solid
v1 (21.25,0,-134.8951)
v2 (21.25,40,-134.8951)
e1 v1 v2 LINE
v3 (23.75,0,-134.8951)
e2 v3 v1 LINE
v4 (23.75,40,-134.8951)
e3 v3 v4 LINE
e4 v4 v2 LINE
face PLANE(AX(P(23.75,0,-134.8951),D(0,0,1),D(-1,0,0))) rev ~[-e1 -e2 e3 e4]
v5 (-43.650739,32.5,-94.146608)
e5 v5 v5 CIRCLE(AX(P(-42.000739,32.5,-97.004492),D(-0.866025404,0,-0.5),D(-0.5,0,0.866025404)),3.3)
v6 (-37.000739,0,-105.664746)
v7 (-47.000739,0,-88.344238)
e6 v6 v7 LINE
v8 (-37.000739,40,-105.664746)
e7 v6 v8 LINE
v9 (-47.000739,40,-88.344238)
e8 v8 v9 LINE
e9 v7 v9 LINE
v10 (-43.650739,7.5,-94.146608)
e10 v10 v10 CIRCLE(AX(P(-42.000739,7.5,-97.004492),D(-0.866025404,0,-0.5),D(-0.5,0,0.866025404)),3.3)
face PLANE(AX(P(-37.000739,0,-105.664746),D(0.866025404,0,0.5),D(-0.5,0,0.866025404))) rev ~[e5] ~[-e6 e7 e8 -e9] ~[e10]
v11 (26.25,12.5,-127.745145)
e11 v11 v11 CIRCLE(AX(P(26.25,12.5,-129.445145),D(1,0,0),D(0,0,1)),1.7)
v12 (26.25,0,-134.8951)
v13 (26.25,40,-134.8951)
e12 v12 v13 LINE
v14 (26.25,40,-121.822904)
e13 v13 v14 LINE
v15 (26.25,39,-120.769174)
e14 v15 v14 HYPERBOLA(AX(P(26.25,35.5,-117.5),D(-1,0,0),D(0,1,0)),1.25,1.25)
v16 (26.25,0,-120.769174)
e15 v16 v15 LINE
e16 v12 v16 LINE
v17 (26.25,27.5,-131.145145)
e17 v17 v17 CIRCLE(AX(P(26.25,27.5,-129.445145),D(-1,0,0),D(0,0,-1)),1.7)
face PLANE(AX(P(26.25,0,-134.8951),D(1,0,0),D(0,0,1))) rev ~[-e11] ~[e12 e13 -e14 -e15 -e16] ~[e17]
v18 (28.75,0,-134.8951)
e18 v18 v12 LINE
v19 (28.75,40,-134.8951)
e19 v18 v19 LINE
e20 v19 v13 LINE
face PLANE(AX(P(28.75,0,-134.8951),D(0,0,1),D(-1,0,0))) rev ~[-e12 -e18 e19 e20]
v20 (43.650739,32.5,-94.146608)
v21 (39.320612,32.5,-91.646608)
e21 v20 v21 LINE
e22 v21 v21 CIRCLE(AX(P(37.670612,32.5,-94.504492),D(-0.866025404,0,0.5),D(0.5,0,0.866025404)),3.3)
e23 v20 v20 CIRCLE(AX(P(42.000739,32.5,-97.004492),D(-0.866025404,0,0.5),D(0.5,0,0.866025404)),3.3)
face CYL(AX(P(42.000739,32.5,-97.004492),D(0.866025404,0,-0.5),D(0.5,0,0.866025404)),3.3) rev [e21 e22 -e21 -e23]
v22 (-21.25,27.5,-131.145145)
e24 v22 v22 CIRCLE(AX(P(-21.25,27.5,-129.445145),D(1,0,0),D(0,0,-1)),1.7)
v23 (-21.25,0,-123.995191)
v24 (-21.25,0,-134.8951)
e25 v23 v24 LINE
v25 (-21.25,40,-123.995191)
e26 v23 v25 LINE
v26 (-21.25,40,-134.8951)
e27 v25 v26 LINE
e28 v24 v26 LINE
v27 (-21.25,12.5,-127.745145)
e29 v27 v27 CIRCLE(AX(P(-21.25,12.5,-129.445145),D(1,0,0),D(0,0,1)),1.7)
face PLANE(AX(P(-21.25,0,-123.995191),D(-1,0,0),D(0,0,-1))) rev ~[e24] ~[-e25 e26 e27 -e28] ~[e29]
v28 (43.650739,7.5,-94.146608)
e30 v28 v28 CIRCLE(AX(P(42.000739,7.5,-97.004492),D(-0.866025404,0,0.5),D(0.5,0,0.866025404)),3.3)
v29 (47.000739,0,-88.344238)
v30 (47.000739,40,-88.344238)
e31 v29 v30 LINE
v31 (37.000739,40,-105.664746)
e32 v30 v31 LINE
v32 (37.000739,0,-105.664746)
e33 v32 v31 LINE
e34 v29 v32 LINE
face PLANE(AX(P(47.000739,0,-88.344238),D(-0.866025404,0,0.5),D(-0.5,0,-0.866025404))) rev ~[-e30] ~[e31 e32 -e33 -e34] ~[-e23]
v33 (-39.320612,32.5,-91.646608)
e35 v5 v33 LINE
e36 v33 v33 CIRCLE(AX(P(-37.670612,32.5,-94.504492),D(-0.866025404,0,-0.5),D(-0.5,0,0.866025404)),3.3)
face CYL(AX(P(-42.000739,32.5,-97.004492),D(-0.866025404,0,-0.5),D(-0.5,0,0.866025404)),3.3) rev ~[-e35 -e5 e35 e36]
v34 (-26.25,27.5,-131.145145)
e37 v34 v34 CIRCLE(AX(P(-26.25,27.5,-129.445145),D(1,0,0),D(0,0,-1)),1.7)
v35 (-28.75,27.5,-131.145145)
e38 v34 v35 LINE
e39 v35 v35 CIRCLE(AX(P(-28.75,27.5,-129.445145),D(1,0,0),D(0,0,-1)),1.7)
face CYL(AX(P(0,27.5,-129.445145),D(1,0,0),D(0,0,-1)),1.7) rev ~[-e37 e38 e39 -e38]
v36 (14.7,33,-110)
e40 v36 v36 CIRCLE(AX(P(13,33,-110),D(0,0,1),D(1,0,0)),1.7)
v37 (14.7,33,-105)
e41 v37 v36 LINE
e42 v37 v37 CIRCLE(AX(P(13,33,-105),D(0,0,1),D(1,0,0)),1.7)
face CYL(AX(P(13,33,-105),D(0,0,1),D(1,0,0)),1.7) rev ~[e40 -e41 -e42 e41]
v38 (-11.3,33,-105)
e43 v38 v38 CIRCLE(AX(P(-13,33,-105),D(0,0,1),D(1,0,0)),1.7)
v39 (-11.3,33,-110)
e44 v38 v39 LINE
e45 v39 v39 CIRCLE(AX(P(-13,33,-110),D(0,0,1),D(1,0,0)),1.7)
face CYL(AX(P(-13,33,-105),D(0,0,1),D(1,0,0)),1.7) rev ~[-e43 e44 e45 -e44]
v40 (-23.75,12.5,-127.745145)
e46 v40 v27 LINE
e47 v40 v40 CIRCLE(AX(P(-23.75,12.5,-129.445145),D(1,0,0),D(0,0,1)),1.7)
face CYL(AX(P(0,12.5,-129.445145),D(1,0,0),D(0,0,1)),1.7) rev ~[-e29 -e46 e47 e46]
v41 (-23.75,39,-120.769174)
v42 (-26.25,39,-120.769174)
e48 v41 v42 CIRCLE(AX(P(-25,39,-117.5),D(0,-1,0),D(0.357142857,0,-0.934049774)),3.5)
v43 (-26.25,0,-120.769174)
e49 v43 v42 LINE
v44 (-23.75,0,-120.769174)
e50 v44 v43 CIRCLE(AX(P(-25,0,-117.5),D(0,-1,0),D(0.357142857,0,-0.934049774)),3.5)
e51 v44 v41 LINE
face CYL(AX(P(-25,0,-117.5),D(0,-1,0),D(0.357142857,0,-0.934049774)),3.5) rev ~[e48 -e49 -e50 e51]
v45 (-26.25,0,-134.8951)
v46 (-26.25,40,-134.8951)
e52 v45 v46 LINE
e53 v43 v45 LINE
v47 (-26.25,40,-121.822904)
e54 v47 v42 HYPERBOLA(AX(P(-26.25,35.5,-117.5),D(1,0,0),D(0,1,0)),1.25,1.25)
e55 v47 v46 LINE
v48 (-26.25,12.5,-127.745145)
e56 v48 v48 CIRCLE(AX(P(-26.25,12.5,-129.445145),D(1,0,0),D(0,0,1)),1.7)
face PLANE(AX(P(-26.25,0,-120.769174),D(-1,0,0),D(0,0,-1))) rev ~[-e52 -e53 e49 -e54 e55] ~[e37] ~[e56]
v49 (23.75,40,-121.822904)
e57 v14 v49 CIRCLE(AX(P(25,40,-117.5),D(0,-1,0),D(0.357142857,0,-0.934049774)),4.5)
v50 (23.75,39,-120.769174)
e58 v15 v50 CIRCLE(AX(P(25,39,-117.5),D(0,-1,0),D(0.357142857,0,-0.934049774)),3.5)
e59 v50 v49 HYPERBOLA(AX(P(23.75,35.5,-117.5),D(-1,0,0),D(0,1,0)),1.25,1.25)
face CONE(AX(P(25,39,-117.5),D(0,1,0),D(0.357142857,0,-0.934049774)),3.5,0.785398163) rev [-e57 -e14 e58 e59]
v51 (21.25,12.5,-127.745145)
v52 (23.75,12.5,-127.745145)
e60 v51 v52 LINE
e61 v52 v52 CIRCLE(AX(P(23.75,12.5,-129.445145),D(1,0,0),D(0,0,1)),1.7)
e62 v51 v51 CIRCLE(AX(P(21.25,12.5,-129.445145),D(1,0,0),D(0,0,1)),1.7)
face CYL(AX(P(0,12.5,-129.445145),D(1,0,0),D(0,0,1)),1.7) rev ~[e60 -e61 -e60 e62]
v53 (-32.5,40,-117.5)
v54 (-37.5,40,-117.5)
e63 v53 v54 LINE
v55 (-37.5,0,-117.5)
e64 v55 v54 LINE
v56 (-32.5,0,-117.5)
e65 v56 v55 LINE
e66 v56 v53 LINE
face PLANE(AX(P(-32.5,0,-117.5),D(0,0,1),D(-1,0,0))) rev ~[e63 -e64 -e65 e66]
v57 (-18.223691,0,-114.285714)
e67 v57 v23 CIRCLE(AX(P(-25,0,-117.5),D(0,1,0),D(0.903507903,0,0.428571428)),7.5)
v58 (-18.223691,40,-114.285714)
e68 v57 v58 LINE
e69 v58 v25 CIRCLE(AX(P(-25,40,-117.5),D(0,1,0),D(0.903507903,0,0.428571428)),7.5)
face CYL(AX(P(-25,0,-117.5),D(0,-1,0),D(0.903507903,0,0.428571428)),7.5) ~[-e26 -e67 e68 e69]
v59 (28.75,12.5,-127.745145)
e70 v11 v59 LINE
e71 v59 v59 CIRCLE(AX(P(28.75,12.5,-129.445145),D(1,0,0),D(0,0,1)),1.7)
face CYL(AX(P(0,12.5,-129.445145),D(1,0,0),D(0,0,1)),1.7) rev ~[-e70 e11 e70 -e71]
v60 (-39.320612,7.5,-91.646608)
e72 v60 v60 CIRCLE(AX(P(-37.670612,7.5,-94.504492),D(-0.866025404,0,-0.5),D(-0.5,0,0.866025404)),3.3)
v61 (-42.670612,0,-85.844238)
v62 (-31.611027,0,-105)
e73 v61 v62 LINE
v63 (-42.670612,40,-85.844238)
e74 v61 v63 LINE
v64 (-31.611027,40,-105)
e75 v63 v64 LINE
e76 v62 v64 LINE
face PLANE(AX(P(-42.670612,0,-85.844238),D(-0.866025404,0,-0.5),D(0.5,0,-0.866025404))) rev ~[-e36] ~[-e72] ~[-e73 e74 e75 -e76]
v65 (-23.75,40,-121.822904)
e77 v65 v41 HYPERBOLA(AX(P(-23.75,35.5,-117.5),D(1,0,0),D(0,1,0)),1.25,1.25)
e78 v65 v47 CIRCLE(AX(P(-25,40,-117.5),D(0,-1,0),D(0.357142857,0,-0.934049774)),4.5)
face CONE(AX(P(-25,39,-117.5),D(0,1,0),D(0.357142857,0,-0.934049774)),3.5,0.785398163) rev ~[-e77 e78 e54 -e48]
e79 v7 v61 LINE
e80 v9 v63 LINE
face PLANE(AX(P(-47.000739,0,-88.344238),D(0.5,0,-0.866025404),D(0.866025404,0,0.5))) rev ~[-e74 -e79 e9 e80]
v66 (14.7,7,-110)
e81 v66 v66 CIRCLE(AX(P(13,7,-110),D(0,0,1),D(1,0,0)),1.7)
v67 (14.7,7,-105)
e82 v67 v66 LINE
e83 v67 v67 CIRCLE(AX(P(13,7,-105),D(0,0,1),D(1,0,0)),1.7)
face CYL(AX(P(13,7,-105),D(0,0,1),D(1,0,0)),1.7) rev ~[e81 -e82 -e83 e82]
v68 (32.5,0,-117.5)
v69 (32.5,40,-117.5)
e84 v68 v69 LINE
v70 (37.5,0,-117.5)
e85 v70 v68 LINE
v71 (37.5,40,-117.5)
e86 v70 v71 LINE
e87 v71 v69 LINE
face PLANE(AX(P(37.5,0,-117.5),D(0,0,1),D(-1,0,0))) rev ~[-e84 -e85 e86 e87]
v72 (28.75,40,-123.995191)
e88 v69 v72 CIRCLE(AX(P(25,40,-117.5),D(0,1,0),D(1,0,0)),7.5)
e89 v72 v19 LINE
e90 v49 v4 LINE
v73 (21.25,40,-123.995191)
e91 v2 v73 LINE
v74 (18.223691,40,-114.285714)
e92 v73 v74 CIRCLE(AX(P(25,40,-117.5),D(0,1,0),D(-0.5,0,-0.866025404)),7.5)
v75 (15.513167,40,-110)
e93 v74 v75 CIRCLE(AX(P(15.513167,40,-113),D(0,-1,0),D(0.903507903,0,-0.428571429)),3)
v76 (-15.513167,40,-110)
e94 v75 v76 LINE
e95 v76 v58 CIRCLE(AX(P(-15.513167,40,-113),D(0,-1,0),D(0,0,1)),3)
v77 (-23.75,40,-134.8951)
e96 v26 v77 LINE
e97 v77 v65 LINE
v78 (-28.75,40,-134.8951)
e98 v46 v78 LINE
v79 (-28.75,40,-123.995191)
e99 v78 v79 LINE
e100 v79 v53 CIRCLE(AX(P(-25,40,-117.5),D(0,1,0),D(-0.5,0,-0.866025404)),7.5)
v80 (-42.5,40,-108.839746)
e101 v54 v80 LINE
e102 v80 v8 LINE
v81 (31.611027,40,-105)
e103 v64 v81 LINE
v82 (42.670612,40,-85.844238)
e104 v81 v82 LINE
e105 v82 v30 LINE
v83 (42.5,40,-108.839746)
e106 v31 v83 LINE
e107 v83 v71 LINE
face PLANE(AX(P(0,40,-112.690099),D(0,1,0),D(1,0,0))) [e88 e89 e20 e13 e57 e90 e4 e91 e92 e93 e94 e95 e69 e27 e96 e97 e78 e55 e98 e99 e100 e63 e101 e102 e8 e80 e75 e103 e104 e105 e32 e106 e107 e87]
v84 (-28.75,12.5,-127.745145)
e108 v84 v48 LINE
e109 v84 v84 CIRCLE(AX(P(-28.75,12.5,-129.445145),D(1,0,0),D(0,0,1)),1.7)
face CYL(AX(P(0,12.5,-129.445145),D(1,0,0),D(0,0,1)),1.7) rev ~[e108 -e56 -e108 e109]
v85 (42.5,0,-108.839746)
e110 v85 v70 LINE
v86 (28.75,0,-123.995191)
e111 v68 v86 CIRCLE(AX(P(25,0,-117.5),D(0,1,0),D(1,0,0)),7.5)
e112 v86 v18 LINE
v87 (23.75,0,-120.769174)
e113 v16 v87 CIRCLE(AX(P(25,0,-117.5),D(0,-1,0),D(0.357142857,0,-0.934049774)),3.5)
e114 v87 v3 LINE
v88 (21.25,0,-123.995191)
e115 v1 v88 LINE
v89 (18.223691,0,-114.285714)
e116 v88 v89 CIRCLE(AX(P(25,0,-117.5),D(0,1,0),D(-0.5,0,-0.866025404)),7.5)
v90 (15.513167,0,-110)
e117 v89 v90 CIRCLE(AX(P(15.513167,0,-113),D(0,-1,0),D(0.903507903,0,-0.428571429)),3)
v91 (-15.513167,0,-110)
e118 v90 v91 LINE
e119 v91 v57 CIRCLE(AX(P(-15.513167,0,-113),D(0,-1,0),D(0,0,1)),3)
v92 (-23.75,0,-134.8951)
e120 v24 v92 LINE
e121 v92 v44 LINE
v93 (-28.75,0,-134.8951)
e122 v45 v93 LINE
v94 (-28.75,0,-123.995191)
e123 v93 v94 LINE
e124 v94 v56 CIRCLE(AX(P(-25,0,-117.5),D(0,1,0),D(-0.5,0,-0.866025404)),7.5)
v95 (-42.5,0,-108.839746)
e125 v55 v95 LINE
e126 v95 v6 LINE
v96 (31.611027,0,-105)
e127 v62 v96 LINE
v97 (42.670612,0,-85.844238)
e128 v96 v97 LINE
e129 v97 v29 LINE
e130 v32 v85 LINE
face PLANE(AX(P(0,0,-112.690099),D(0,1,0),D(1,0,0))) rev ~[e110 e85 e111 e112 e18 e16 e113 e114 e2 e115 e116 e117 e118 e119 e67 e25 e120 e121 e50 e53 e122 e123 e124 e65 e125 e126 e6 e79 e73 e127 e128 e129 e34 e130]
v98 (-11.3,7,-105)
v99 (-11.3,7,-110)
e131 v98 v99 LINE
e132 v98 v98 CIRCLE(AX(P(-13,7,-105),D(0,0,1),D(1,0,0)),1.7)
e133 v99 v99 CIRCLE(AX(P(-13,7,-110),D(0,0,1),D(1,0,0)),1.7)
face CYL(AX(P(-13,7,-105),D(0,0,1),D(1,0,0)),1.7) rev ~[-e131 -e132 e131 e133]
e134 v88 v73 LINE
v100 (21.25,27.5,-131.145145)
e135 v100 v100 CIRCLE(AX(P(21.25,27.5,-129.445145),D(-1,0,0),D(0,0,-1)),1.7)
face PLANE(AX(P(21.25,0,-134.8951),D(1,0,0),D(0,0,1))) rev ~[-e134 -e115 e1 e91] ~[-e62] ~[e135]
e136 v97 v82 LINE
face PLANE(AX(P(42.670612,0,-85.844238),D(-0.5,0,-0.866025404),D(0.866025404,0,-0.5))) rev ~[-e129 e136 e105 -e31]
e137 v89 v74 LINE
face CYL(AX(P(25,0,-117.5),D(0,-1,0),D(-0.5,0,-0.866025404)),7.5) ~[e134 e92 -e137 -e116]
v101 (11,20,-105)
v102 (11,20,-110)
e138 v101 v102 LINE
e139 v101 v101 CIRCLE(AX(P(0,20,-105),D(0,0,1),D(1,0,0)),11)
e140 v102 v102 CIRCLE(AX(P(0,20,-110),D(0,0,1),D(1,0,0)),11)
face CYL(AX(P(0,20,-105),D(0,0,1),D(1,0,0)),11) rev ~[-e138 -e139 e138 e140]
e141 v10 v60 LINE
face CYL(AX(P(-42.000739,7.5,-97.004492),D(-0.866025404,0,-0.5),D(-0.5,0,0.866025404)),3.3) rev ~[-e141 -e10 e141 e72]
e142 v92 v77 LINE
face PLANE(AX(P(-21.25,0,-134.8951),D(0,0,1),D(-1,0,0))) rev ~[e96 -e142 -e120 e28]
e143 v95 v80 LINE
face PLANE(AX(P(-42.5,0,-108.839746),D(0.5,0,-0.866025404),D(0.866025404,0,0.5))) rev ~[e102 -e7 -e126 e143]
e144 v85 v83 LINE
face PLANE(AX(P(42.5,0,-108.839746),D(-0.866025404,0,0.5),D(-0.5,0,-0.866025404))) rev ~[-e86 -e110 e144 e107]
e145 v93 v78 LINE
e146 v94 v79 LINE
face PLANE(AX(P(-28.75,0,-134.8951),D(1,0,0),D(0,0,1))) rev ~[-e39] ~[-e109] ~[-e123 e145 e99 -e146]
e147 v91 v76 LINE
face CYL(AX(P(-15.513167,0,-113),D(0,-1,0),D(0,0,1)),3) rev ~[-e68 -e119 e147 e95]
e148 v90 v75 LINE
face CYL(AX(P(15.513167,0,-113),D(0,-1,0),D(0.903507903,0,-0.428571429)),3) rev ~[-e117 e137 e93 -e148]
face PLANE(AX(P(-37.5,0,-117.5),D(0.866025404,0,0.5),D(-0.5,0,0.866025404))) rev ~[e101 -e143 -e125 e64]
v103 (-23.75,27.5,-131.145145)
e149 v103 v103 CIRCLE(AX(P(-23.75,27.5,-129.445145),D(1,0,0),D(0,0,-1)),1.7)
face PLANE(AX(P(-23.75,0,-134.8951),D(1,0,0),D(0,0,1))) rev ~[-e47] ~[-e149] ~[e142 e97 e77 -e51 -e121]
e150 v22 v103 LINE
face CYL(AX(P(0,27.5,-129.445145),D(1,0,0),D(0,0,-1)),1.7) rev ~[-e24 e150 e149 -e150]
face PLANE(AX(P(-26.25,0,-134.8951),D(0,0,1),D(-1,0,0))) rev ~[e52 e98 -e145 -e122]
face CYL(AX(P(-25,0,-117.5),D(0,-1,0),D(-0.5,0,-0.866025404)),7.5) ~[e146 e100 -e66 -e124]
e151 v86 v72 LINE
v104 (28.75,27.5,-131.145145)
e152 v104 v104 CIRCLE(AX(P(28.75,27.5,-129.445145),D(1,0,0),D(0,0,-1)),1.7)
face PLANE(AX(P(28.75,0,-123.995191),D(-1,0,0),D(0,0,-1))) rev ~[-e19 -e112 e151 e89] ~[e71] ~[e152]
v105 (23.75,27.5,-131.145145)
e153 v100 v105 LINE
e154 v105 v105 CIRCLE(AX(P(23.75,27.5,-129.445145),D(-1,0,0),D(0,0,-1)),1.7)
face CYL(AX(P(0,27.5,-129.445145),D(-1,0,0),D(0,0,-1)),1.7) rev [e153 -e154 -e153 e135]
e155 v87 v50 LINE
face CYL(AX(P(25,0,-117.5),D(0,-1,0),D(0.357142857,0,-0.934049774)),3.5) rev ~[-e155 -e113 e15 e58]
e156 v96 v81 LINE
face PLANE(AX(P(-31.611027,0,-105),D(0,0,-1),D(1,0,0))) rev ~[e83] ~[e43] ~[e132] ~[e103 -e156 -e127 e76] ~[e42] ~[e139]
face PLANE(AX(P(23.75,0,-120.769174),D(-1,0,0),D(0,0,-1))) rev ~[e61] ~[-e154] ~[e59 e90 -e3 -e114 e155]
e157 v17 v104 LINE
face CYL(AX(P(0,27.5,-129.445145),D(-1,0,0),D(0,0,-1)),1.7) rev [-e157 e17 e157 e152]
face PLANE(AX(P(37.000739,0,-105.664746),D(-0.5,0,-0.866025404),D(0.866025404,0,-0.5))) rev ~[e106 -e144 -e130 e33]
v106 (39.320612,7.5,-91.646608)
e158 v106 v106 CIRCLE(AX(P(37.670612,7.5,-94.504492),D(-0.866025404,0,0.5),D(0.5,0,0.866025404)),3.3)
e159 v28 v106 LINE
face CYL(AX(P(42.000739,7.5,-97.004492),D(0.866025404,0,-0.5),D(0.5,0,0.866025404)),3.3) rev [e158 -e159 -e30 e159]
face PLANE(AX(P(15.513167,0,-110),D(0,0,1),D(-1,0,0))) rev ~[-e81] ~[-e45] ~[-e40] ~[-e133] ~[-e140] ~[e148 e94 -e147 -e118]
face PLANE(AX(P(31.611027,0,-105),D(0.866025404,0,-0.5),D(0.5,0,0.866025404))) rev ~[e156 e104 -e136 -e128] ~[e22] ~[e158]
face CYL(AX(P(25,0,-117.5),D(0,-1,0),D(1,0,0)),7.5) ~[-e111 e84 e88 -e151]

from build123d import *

# Parameters (mm, degrees)
BOSS_EXTRUDE1_DEPTH = 40
SKETCH2_R           = 1.7
CUT_EXTRUDE1_DEPTH  = 28.75
SKETCH4_R           = 1.7
SKETCH4_R_2         = 11
CUT_EXTRUDE2_DEPTH  = 20
CHAMFER1_SIZE       = 1
CUT_EXTRUDE3_REACH  = 159.067
SKETCH5_R           = 3.3


with BuildPart() as part:
    # Sketch1 → Boss-Extrude1 (new body)
    with BuildSketch(Plane(origin=(0, 0, 0), x_dir=(1, 0, 0), z_dir=(0, 1, 0))):
        with BuildLine():
            Line((23.75, 120.769174208), (23.75, 134.895099729))
            Line((23.75, 134.895099729), (21.25, 134.895099729))
            Line((21.25, 134.895099729), (21.25, 123.995190528))
            ThreePointArc((21.25, 123.995190528), (17.839743095, 119.73175291), (18.223690728, 114.285714286))
            ThreePointArc((18.223690728, 114.285714286), (18.048629784, 111.396432549), (15.513167019, 110))
            Line((15.513167019, 110), (-15.513167019, 110))
            ThreePointArc((-15.513167019, 110), (-18.048629784, 111.396432549), (-18.223690728, 114.285714286))
            ThreePointArc((-18.223690728, 114.285714286), (-17.839743095, 119.73175291), (-21.25, 123.995190528))
            Line((-21.25, 123.995190528), (-21.25, 134.895099729))
            Line((-21.25, 134.895099729), (-23.75, 134.895099729))
            Line((-23.75, 134.895099729), (-23.75, 120.769174208))
            ThreePointArc((-23.75, 120.769174208), (-25, 114), (-26.25, 120.769174208))
            Line((-26.25, 120.769174208), (-26.25, 134.895099729))
            Line((-26.25, 134.895099729), (-28.75, 134.895099729))
            Line((-28.75, 134.895099729), (-28.75, 123.995190528))
            ThreePointArc((-28.75, 123.995190528), (-31.495190528, 121.25), (-32.5, 117.5))
            Line((-32.5, 117.5), (-37.5, 117.5))
            Line((-37.5, 117.5), (-42.5, 108.839745962))
            Line((-42.5, 108.839745962), (-37.000738686, 105.664745962))
            Line((-37.000738686, 105.664745962), (-47.000738686, 88.344237886))
            Line((-47.000738686, 88.344237886), (-42.670611667, 85.844237886))
            Line((-42.670611667, 85.844237886), (-31.611027254, 105))
            Line((-31.611027254, 105), (31.611027254, 105))
            Line((31.611027254, 105), (42.670611667, 85.844237886))
            Line((42.670611667, 85.844237886), (47.000738686, 88.344237886))
            Line((47.000738686, 88.344237886), (37.000738686, 105.664745962))
            Line((37.000738686, 105.664745962), (42.5, 108.839745962))
            Line((42.5, 108.839745962), (37.5, 117.5))
            Line((37.5, 117.5), (32.5, 117.5))
            ThreePointArc((32.5, 117.5), (31.495190528, 121.25), (28.75, 123.995190528))
            Line((28.75, 123.995190528), (28.75, 134.895099729))
            Line((28.75, 134.895099729), (26.25, 134.895099729))
            Line((26.25, 134.895099729), (26.25, 120.769174208))
            ThreePointArc((26.25, 120.769174208), (25, 114), (23.75, 120.769174208))
        make_face()
    extrude(amount=BOSS_EXTRUDE1_DEPTH)

    # Sketch2 → Cut-Extrude1 (cut, symmetric)
    with BuildSketch(Plane(origin=(0, 0, 0), x_dir=(0, 0, -1), z_dir=(1, 0, 0))):
        with Locations((129.445145129, 27.5)):
            Circle(SKETCH2_R)
        with Locations(Location((129.445145129, 12.5, 0), (0, 0, 180))):
            Circle(SKETCH2_R)
    extrude(amount=CUT_EXTRUDE1_DEPTH, both=True, mode=Mode.SUBTRACT)

    # Sketch4 → Cut-Extrude2 (cut)
    with BuildSketch(Plane.XY.offset(-105)):
        with Locations((-13, 33)):
            Circle(SKETCH4_R)
        with Locations((0, 20)):
            Circle(SKETCH4_R_2)
        with Locations((13, 33)):
            Circle(SKETCH4_R)
        with Locations((13, 7)):
            Circle(SKETCH4_R)
        with Locations((-13, 7)):
            Circle(SKETCH4_R)
    extrude(amount=-CUT_EXTRUDE2_DEPTH, mode=Mode.SUBTRACT)

    # Chamfer1
    chamfer1_edges = [part.edges().sort_by_distance(p)[0] for p in [
        (25, 40, -114),
        (-25, 40, -114),
    ]]
    chamfer(chamfer1_edges, length=CHAMFER1_SIZE)

    # Sketch5 → Cut-Extrude3 (cut, up to next)
    with BuildSketch(Plane(origin=(-73.504731158, 0, -42.437976321), x_dir=(-0.49999999999998673, 0, 0.8660254037844464), z_dir=(-0.8660254037844464, 0, -0.49999999999998673)), mode=Mode.PRIVATE) as cut_extrude3_sk1:
        with Locations((-63.007984945, 32.5)):
            Circle(SKETCH5_R)
    cut_extrude3_tool1 = extrude(cut_extrude3_sk1.sketch, amount=-CUT_EXTRUDE3_REACH, mode=Mode.PRIVATE) & part.part
    # Sketch5 → Cut-Extrude3 (cut, up to next)
    with BuildSketch(Plane(origin=(-73.504731158, 0, -42.437976321), x_dir=(-0.49999999999998673, 0, 0.8660254037844464), z_dir=(-0.8660254037844464, 0, -0.49999999999998673)), mode=Mode.PRIVATE) as cut_extrude3_sk2:
        with Locations((-63.007984945, 7.5)):
            Circle(SKETCH5_R)
    cut_extrude3_tool2 = extrude(cut_extrude3_sk2.sketch, amount=-CUT_EXTRUDE3_REACH, mode=Mode.PRIVATE) & part.part
    cut_extrude3_1 = cut_extrude3_tool1.solids().sort_by_distance((-42.000739, 32.5, -97.004492))[0]
    add(cut_extrude3_1, mode=Mode.SUBTRACT)
    cut_extrude3_2 = cut_extrude3_tool2.solids().sort_by_distance((-42.000739, 7.5, -97.004492))[0]
    add(cut_extrude3_2, mode=Mode.SUBTRACT)
    cut_extrude3 = cut_extrude3_1 + cut_extrude3_2  # Cut-Extrude3 as one shape, for the pattern or mirror that repeats it

    # Mirror1: Cut-Extrude3 across plane
    add(cut_extrude3.mirror(Plane(origin=(0, 0, 0), x_dir=(0, 0, 1), z_dir=(1, 0, 0))), mode=Mode.SUBTRACT)


solid = part.part
